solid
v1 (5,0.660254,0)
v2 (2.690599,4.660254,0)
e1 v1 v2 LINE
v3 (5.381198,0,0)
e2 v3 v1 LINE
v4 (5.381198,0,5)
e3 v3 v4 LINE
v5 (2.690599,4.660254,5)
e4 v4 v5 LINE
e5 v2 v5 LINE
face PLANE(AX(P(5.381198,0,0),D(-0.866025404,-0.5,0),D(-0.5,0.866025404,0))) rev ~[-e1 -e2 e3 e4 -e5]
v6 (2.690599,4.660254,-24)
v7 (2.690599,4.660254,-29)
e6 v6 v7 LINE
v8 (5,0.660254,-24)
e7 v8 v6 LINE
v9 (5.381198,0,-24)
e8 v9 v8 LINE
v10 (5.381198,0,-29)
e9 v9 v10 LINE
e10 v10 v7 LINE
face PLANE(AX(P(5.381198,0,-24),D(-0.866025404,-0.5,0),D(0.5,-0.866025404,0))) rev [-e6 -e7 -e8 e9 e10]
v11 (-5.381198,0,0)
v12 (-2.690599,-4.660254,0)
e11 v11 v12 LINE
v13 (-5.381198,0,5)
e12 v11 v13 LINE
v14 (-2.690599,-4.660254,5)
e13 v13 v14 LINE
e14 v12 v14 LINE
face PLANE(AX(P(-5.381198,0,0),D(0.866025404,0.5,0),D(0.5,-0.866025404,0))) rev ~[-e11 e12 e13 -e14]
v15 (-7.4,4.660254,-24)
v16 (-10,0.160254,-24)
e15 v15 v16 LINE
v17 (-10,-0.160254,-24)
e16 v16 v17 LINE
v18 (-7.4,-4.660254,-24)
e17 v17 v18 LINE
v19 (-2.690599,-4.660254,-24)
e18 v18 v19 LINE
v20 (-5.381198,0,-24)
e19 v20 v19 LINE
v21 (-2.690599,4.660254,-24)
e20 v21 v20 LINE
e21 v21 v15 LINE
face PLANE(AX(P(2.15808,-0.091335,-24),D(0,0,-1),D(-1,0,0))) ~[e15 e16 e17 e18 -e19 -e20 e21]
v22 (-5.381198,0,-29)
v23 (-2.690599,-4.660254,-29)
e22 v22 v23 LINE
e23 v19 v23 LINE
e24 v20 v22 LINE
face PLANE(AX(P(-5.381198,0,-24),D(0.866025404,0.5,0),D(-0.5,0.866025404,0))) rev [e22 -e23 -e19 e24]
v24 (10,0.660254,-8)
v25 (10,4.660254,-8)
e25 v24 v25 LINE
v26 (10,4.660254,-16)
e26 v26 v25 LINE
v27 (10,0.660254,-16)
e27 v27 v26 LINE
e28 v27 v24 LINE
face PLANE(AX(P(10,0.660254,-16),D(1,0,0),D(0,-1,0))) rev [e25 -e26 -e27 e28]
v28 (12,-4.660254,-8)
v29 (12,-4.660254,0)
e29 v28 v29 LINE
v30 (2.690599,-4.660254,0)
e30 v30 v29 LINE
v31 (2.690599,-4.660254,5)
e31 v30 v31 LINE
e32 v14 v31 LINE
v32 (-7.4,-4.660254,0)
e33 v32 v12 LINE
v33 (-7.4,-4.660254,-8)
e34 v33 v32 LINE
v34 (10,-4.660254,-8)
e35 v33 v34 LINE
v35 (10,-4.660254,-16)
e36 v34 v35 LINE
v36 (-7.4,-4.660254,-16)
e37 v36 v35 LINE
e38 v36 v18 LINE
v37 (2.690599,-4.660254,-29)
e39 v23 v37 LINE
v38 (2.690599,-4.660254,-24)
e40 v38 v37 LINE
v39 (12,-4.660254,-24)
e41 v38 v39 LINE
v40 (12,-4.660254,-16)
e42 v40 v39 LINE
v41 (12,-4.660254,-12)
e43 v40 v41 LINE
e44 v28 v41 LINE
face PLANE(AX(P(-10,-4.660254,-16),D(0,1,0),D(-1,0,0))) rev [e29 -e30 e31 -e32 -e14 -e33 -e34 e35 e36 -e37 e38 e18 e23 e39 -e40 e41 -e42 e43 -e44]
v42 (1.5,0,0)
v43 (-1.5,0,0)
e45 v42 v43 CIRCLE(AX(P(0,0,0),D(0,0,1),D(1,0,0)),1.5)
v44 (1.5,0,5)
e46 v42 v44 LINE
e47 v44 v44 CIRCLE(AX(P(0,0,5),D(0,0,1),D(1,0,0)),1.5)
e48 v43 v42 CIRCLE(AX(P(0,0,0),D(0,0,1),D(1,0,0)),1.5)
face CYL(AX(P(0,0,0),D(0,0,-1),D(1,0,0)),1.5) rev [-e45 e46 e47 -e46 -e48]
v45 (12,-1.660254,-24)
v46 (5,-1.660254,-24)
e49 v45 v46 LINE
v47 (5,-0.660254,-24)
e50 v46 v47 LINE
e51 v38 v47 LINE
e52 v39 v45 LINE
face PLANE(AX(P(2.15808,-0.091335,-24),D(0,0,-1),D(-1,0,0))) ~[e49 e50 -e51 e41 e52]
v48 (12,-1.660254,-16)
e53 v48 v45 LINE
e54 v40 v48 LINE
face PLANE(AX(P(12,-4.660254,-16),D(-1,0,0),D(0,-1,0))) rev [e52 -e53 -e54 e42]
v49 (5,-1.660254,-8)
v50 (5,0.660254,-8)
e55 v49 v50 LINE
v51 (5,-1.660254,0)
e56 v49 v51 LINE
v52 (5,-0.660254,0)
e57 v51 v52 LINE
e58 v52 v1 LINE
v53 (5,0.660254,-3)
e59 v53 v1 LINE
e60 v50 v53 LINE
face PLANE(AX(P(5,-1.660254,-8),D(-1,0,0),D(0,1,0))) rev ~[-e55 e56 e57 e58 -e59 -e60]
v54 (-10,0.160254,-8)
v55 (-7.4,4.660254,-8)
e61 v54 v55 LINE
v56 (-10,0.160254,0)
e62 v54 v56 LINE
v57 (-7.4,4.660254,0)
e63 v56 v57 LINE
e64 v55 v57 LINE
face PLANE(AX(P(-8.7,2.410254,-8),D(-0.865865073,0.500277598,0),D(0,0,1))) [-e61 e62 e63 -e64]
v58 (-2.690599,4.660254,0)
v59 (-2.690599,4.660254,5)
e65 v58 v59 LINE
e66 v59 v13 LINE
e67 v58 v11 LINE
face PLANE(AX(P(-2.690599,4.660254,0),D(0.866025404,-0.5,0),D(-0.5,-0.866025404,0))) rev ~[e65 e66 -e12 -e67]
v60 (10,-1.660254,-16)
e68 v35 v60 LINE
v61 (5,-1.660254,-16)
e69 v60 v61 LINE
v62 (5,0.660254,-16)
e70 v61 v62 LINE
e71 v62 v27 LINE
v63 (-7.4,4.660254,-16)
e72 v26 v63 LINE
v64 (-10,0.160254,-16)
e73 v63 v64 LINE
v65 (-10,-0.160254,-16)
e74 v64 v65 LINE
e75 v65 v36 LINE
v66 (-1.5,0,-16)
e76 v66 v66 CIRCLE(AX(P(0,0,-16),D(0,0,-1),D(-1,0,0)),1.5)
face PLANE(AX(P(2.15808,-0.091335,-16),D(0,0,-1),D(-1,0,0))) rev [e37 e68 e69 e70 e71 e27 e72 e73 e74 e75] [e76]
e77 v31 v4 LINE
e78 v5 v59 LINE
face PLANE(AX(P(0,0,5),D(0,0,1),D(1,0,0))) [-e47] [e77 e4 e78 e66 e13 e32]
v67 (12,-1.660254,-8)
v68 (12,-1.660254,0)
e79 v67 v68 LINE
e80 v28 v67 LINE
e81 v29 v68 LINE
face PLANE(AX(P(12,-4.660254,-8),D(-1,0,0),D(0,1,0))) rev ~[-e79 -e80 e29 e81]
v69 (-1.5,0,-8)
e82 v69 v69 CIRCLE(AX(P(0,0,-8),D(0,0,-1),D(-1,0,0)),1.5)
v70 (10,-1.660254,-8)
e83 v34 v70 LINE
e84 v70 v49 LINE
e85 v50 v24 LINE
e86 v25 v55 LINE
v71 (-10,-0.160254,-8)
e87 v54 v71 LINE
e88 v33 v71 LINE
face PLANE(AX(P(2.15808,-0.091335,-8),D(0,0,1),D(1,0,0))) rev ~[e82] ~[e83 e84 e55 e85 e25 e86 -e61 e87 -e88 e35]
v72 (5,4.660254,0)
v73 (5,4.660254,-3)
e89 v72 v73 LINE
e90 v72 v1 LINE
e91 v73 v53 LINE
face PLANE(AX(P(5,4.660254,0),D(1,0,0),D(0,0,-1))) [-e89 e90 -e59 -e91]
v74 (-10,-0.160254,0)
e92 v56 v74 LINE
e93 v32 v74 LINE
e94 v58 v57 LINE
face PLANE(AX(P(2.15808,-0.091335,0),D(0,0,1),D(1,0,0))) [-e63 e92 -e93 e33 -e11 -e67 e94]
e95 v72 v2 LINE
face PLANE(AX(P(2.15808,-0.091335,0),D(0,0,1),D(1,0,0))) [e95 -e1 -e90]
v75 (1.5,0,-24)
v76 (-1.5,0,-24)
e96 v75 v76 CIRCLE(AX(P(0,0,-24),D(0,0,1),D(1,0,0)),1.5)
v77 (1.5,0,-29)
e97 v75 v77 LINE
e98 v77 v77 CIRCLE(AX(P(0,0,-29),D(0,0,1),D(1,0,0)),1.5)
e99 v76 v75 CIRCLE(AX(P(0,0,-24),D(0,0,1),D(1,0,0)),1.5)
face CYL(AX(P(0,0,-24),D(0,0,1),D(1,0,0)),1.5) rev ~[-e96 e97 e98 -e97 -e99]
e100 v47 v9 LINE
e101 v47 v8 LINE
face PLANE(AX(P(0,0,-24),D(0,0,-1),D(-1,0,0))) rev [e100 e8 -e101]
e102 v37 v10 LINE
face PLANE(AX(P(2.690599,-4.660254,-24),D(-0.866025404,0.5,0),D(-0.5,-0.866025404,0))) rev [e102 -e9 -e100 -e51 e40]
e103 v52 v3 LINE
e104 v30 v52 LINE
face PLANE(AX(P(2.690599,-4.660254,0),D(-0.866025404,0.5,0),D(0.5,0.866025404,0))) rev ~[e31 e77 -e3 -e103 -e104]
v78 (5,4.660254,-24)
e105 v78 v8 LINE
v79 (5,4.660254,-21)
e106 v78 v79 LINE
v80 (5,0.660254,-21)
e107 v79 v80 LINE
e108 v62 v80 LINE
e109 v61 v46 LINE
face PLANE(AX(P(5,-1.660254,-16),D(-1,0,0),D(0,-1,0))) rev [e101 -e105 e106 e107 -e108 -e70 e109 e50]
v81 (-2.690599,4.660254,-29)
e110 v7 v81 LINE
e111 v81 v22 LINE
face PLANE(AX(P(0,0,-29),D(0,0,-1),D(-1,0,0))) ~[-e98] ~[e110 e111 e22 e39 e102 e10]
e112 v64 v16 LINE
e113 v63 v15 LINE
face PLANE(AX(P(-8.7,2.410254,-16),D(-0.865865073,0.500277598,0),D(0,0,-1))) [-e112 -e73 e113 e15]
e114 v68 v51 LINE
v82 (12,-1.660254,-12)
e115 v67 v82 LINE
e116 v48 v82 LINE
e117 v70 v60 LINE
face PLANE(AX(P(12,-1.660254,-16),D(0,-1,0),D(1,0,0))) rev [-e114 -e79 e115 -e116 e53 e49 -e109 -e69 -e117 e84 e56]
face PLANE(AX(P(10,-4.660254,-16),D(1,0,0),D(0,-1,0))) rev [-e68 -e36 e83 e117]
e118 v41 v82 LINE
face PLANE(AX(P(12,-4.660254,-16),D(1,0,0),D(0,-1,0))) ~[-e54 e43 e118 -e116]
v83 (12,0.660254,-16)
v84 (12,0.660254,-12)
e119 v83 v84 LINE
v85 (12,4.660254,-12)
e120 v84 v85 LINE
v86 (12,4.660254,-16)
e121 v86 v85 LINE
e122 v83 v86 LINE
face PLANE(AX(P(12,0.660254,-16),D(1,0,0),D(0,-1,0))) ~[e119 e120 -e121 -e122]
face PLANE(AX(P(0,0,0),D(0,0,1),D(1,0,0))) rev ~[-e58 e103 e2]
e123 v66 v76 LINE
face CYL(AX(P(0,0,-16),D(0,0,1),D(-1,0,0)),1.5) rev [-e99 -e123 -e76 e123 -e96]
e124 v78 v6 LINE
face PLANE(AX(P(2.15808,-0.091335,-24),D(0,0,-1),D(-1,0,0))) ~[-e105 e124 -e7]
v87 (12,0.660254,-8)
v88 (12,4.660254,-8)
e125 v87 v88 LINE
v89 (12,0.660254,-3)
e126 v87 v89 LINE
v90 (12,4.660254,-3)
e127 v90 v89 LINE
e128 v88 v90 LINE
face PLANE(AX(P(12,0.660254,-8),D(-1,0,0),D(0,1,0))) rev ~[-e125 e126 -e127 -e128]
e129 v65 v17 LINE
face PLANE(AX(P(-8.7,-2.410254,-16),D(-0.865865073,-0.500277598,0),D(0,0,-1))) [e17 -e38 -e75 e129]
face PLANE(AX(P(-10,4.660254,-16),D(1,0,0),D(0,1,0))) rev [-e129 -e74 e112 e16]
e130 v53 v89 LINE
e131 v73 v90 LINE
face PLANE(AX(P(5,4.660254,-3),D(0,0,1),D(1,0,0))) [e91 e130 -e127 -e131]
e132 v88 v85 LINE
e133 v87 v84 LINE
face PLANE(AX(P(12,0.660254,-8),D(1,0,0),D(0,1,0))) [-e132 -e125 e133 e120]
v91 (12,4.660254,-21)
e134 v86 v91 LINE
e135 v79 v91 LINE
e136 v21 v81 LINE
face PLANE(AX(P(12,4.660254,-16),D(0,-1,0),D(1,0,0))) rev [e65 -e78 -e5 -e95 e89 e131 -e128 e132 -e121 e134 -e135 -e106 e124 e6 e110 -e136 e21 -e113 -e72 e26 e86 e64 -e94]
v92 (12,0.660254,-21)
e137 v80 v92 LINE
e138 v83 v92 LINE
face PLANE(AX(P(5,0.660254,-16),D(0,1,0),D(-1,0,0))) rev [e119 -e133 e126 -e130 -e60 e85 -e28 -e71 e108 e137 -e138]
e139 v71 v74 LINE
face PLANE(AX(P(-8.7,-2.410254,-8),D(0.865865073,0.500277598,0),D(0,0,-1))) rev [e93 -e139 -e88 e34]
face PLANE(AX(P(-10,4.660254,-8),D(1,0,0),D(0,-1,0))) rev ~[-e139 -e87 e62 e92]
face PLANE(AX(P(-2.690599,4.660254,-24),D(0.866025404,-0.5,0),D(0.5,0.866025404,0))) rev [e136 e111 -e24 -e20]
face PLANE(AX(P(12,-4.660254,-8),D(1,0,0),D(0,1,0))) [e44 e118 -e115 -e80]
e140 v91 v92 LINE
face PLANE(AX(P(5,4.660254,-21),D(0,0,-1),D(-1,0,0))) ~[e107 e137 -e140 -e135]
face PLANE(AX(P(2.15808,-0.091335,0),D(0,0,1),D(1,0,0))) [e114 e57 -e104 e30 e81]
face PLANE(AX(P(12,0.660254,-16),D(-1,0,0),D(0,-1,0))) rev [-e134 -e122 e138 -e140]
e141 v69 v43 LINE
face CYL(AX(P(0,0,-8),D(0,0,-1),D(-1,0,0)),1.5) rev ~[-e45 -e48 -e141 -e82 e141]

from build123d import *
from OCP.BRepFilletAPI import BRepFilletAPI_MakeChamfer
from build123d.topology import SkipClean

# Parameters (mm, degrees)
ESQUISSE1_R             = 1.5
BOSS_EXTRU_1_DEPTH      = 5
BOSS_EXTRU_3_START      = 8
ESQUISSE3_R             = 1.5
BOSS_EXTRU_3_DEPTH      = 8
ESQUISSE4_W             = 2
ESQUISSE4_H             = 4
ESQUISSE4_H_2           = 3
BOSS_EXTRU_4_DEPTH      = 4
ESQUISSE5_W             = 7
ESQUISSE5_H             = 3
ENL_V_MAT_EXTRU_1_DEPTH = 4
CHANFREIN2_SIZE         = 4.5
CHANFREIN2_SIZE2        = 2.6
CHANFREIN3_SIZE         = 2.6
CHANFREIN3_SIZE2        = 4.5


with BuildPart() as part:
    # Esquisse1 → Boss.-Extru.1 (new body)
    with BuildSketch(Plane.XY):
        Polygon((2.690598923, 4.660254038), (-2.690598923, 4.660254038), (-5.381197846, 0), (-2.690598923, -4.660254038), (2.690598923, -4.660254038), (5.381197846, 0), align=None)
        Circle(ESQUISSE1_R, mode=Mode.SUBTRACT)
    boss_extru_1 = extrude(amount=BOSS_EXTRU_1_DEPTH)

    # Esquisse3 → Boss.-Extru.3 (add)
    with SkipClean():  # the faces are left unmerged after this step: merging them gives an invalid solid
        with BuildSketch(Plane(origin=(0, 0, 0), x_dir=(-1, 0, 0), z_dir=(0, 0, -1)).offset(BOSS_EXTRU_3_START)):
            Polygon((-12, 4.660254038), (10, 4.660254038), (10, -4.660254038), (-12, -4.660254038), (-12, -1.660254038), (-5, -1.660254038), (-5, 0.660254038), (-12, 0.660254038), align=None)
            Circle(ESQUISSE3_R, mode=Mode.SUBTRACT)
        boss_extru_3 = extrude(amount=-BOSS_EXTRU_3_DEPTH)

    # Esquisse4 → Boss.-Extru.4 (add)
    with SkipClean():  # the faces are left unmerged after this step: merging them gives an invalid solid
        with BuildSketch(Plane(origin=(0, 0, -8), x_dir=(-1, 0, 0), z_dir=(0, 0, -1))):
            with Locations((-11, 2.660254038)):
                Rectangle(ESQUISSE4_W, ESQUISSE4_H)
            with Locations((-11, -3.160254038)):
                Rectangle(ESQUISSE4_W, ESQUISSE4_H_2)
        boss_extru_4 = extrude(amount=BOSS_EXTRU_4_DEPTH)

    # Esquisse5 → Enlèv. mat.-Extru.1 (cut)
    with SkipClean():  # the faces are left unmerged after this step: merging them gives an invalid solid
        with BuildSketch(Plane(origin=(0, 4.660254038, 0), x_dir=(1, 0, 0), z_dir=(0, 1, 0))):
            with Locations((8.5, 1.5)):
                Rectangle(ESQUISSE5_W, ESQUISSE5_H)
        enl_v_mat_extru_1 = extrude(amount=-ENL_V_MAT_EXTRU_1_DEPTH, mode=Mode.SUBTRACT)

    # Symétrie3: Boss.-Extru.1, Boss.-Extru.3, Boss.-Extru.4, Enlèv. mat.-Extru.1 across plane
    with SkipClean():  # the faces are left unmerged after this step: merging them gives an invalid solid
        add(boss_extru_1.mirror(Plane.XY.offset(-12)))
        add(boss_extru_3.mirror(Plane.XY.offset(-12)))
        add(boss_extru_4.mirror(Plane.XY.offset(-12)))
        add(enl_v_mat_extru_1.mirror(Plane.XY.offset(-12)), mode=Mode.SUBTRACT)

    # Chanfrein2: one chamfer whose edges measure the first distance from different faces: ONE call of the kernel's chamfer builder (chamfer() names one face for all edges)
    chanfrein2_edges_1 = [part.edges().sort_by_distance(p)[0] for p in [
        (-10, 4.660254038, -4),
    ]]
    chanfrein2_side_1 = [part.faces().sort_by_distance(p)[0] for p in [
        (-10, 0, -4),
    ]]
    chanfrein2_edges_2 = [part.edges().sort_by_distance(p)[0] for p in [
        (-10, -4.660254038, -20),
    ]]
    chanfrein2_side_2 = [part.faces().sort_by_distance(p)[0] for p in [
        (-10, 0, -20),
    ]]
    chanfrein2 = BRepFilletAPI_MakeChamfer(part.part.solid().wrapped)
    for e in chanfrein2_edges_1:
        chanfrein2.Add(CHANFREIN2_SIZE, CHANFREIN2_SIZE2, e.wrapped, chanfrein2_side_1[0].wrapped)  # the first distance lies on this face
    for e in chanfrein2_edges_2:
        chanfrein2.Add(CHANFREIN2_SIZE, CHANFREIN2_SIZE2, e.wrapped, chanfrein2_side_2[0].wrapped)  # the first distance lies on this face
    add(Compound.cast(chanfrein2.Shape()), mode=Mode.REPLACE)

    # Chanfrein3: one chamfer whose edges measure the first distance from different faces: ONE call of the kernel's chamfer builder (chamfer() names one face for all edges)
    chanfrein3_edges_1 = [part.edges().sort_by_distance(p)[0] for p in [
        (-10, -4.660254038, -4),
    ]]
    chanfrein3_side_1 = [part.faces().sort_by_distance(p)[0] for p in [
        (1.3, -4.660254038, -16.404969135),
    ]]
    chanfrein3_edges_2 = [part.edges().sort_by_distance(p)[0] for p in [
        (-10, 4.660254038, -20),
    ]]
    chanfrein3_side_2 = [part.faces().sort_by_distance(p)[0] for p in [
        (-5.045299462, 4.660254038, -0.404969135),
    ]]
    chanfrein3 = BRepFilletAPI_MakeChamfer(part.part.solid().wrapped)
    for e in chanfrein3_edges_1:
        chanfrein3.Add(CHANFREIN3_SIZE, CHANFREIN3_SIZE2, e.wrapped, chanfrein3_side_1[0].wrapped)  # the first distance lies on this face
    for e in chanfrein3_edges_2:
        chanfrein3.Add(CHANFREIN3_SIZE, CHANFREIN3_SIZE2, e.wrapped, chanfrein3_side_2[0].wrapped)  # the first distance lies on this face
    add(Compound.cast(chanfrein3.Shape()), mode=Mode.REPLACE)


solid = part.part
